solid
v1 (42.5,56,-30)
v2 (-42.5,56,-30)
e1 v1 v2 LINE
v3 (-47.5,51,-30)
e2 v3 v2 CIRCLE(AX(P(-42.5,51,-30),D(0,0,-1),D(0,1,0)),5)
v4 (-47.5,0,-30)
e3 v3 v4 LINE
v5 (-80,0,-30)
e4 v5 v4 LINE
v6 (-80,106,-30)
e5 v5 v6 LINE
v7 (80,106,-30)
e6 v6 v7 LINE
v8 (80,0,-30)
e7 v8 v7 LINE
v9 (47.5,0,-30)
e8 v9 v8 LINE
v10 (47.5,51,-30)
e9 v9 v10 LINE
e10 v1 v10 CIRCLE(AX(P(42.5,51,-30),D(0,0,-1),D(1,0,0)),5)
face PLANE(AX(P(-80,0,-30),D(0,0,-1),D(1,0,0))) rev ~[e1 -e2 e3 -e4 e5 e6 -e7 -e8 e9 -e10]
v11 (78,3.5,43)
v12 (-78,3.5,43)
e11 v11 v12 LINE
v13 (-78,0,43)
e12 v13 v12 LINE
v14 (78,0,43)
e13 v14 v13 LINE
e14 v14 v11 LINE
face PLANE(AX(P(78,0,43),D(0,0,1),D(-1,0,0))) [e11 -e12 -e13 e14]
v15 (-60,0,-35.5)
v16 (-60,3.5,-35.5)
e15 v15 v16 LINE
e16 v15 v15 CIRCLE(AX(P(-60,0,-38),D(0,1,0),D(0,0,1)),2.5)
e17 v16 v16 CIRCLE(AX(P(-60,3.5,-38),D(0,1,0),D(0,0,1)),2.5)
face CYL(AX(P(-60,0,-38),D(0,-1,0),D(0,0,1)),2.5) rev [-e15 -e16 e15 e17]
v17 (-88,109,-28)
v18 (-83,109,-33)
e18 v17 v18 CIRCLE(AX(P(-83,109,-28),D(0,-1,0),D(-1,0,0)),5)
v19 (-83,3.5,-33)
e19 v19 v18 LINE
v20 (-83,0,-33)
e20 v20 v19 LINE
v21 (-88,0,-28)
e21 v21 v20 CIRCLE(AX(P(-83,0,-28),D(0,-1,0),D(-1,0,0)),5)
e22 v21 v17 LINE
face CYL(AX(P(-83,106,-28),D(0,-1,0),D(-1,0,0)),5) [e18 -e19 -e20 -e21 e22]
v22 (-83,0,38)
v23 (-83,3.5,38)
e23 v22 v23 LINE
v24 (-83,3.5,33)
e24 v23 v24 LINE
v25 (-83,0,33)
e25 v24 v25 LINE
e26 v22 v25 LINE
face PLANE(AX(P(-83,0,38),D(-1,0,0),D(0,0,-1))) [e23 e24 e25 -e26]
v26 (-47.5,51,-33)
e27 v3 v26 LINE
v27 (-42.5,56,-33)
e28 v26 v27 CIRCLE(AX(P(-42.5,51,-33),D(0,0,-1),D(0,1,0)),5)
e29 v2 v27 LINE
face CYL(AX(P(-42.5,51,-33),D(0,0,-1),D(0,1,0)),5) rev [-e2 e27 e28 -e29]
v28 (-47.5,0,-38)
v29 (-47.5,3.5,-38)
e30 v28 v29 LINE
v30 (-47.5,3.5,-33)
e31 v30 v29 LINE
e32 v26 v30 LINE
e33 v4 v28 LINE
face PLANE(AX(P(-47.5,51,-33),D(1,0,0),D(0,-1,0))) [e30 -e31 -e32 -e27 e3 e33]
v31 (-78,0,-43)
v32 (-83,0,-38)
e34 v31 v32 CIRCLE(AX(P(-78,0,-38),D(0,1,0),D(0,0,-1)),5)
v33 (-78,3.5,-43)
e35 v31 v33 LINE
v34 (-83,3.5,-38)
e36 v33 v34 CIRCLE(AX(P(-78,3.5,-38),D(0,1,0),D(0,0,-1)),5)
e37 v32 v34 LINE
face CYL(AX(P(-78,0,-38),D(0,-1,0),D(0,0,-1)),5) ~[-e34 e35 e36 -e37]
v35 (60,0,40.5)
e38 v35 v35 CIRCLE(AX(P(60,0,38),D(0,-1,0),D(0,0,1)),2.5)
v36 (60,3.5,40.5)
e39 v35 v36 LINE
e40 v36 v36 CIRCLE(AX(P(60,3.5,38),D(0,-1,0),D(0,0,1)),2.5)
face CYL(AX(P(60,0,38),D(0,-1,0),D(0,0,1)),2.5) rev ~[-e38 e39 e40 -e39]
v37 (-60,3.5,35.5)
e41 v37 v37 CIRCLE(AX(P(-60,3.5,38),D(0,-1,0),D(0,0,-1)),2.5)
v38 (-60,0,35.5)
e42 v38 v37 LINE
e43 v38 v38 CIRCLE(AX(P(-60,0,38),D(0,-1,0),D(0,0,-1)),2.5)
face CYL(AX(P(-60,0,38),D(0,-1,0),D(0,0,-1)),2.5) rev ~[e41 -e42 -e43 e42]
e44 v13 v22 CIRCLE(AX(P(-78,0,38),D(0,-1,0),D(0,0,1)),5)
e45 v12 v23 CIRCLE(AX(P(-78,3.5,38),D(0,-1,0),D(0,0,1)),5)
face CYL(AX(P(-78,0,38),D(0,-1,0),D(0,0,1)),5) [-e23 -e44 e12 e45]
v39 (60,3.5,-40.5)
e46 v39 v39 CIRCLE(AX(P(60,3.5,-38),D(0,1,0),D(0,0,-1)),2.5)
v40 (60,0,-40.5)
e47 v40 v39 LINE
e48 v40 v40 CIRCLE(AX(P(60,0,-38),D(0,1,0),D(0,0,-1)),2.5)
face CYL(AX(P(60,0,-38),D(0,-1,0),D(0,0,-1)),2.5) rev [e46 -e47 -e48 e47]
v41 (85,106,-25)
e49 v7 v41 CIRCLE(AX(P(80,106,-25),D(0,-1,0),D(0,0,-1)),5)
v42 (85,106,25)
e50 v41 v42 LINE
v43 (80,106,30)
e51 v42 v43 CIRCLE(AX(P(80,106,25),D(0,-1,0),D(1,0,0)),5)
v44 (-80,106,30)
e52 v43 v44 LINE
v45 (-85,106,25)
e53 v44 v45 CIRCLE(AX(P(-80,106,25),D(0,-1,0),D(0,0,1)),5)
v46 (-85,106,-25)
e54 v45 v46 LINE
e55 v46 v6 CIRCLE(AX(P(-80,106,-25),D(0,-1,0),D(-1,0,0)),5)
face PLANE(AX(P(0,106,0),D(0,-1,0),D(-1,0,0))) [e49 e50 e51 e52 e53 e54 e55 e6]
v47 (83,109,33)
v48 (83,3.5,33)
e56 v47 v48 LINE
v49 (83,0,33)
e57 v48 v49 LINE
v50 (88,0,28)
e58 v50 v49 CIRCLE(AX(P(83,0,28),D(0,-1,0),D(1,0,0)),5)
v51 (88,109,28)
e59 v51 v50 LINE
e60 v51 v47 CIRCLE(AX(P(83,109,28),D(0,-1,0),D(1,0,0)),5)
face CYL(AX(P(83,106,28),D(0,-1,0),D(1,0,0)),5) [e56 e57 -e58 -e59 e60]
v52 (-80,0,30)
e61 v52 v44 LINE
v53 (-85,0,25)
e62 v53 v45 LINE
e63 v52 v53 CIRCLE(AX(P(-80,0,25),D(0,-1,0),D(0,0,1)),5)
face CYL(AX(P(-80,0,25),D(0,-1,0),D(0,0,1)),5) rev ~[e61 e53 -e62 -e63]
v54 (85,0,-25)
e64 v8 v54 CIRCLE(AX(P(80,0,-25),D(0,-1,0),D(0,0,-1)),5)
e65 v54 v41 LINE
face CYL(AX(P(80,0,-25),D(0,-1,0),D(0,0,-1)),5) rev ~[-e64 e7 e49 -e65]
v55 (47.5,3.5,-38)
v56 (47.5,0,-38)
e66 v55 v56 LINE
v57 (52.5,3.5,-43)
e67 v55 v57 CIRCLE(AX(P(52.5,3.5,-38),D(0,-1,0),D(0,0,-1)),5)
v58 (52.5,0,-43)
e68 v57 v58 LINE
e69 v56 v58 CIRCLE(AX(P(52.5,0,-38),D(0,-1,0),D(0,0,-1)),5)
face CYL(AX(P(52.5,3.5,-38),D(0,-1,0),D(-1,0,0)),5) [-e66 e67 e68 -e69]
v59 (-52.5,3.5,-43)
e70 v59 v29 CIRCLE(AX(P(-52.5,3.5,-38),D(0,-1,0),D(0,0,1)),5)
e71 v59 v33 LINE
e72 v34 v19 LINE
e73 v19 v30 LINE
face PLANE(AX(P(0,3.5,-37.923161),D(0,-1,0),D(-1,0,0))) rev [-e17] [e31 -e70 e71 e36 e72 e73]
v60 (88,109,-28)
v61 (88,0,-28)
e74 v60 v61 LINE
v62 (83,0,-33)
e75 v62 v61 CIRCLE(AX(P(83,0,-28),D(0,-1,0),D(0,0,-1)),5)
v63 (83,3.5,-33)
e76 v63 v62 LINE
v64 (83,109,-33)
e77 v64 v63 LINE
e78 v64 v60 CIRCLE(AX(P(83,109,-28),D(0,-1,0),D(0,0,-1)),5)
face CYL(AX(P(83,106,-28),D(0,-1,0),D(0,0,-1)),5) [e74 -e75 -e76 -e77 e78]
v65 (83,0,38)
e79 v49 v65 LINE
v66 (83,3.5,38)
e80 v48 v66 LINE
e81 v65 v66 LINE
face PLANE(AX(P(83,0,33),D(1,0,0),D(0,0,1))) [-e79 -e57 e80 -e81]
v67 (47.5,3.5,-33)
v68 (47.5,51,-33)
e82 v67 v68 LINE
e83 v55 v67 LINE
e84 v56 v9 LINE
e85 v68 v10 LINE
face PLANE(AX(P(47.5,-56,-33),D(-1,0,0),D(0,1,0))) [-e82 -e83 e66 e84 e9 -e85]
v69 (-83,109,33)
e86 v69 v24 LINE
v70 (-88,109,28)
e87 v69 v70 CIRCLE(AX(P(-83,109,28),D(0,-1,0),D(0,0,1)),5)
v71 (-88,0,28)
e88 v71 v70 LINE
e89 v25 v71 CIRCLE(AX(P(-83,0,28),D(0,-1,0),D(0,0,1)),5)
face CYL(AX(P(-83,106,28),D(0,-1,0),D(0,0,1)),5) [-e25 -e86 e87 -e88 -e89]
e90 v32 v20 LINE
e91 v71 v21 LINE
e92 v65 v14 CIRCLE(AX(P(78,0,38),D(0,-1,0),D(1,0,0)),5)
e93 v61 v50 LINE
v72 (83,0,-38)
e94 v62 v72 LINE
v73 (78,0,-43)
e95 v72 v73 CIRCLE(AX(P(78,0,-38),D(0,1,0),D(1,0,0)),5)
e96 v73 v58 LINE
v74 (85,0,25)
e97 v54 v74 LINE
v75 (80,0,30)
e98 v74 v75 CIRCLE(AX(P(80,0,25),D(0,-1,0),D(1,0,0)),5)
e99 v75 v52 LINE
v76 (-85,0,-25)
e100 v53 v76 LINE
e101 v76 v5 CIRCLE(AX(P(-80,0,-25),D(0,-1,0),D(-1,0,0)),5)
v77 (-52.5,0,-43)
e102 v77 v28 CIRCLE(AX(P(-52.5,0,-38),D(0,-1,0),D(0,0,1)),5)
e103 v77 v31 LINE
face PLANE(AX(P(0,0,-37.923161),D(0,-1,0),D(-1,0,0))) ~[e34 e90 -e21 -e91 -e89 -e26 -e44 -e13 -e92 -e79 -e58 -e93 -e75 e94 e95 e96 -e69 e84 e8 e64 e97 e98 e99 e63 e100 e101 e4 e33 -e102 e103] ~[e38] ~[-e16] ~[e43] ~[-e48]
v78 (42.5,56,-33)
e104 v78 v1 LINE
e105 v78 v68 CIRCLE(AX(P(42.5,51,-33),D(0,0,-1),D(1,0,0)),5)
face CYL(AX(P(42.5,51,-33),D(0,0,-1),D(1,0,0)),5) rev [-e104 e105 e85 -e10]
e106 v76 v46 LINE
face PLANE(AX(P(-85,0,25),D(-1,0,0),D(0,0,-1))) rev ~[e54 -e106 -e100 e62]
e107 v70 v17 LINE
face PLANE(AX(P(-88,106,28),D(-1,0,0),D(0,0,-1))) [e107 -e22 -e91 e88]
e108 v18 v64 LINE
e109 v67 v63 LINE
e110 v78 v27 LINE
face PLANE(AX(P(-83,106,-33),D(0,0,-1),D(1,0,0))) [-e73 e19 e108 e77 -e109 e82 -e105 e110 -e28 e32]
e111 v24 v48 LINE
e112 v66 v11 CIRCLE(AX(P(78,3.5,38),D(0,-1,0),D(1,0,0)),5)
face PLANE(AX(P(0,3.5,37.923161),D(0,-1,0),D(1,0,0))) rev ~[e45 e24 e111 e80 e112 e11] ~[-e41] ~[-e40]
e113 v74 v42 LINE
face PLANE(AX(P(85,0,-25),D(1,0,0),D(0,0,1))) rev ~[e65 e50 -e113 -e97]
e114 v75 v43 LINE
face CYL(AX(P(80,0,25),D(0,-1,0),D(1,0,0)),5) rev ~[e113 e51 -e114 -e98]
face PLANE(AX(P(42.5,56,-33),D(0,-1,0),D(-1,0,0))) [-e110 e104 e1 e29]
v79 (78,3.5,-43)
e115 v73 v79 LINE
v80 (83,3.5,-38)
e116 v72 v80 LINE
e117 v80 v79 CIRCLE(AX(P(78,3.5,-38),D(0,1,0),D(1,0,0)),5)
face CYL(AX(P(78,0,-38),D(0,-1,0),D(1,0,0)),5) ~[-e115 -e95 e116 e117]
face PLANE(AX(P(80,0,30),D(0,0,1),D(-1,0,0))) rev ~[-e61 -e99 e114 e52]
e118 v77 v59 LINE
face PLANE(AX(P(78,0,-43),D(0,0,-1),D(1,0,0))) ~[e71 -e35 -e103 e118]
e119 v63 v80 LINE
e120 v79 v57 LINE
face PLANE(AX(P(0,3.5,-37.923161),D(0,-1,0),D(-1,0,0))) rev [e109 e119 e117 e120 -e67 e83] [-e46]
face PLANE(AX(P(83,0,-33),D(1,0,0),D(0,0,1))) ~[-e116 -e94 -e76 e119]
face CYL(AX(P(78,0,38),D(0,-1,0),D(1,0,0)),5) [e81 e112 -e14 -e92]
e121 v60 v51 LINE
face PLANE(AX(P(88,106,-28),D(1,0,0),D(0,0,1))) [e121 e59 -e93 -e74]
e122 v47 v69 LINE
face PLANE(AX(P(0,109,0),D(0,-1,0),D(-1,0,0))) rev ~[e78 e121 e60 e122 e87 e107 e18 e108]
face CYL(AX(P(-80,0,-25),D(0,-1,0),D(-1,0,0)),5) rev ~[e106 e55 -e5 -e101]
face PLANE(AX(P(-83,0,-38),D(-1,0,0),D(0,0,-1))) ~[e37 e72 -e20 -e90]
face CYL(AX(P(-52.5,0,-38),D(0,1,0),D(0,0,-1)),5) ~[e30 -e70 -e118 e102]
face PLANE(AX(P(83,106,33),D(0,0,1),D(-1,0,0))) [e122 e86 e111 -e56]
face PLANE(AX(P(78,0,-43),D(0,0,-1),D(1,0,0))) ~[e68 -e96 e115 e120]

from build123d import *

# Parameters (mm, degrees)
BOSS_EXTRUDE1_DEPTH = 106
BOSS_EXTRUDE2_DEPTH = 3
SKETCH3_R           = 2.5
BOSS_EXTRUDE3_DEPTH = 3.5
CUT_EXTRUDE1_DEPTH  = 16.5
FILLET1_R           = 5


with BuildPart() as part:
    # Sketch1 → Boss-Extrude1 (new body)
    with BuildSketch(Plane(origin=(0, 0, 0), x_dir=(1, 0, 0), z_dir=(0, 1, 0))):
        with BuildLine():
            Line((83, -33), (-83, -33))
            ThreePointArc((-83, -33), (-86.535533906, -31.535533906), (-88, -28))
            Line((-88, -28), (-88, 28))
            ThreePointArc((-88, 28), (-86.535533906, 31.535533906), (-83, 33))
            Line((-83, 33), (83, 33))
            ThreePointArc((83, 33), (86.535533906, 31.535533906), (88, 28))
            Line((88, 28), (88, -28))
            ThreePointArc((88, -28), (86.535533906, -31.535533906), (83, -33))
        make_face()
        with BuildLine():
            Line((80, -30), (-80, -30))
            ThreePointArc((-80, -30), (-83.535533906, -28.535533906), (-85, -25))
            Line((-85, -25), (-85, 25))
            ThreePointArc((-85, 25), (-83.535533906, 28.535533906), (-80, 30))
            Line((-80, 30), (80, 30))
            ThreePointArc((80, 30), (83.535533906, 28.535533906), (85, 25))
            Line((85, 25), (85, -25))
            ThreePointArc((85, -25), (83.535533906, -28.535533906), (80, -30))
        make_face(mode=Mode.SUBTRACT)
    extrude(amount=BOSS_EXTRUDE1_DEPTH)

    # Sketch2 → Boss-Extrude2 (add)
    with BuildSketch(Plane(origin=(0, 106, 0), x_dir=(1, 0, 0), z_dir=(0, 1, 0))):
        with BuildLine():
            Line((-83, 33), (83, 33))
            ThreePointArc((83, 33), (86.535533906, 31.535533906), (88, 28))
            Line((88, 28), (88, -28))
            ThreePointArc((88, -28), (86.535533906, -31.535533906), (83, -33))
            Line((83, -33), (-83, -33))
            ThreePointArc((-83, -33), (-86.535533906, -31.535533906), (-88, -28))
            Line((-88, -28), (-88, 28))
            ThreePointArc((-88, 28), (-86.535533906, 31.535533906), (-83, 33))
        make_face()
    extrude(amount=BOSS_EXTRUDE2_DEPTH)

    # Sketch3 → Boss-Extrude3 (add)
    with BuildSketch(Plane.XZ):
        with BuildLine():
            Line((-83, 33), (83, 33))
            Line((83, 33), (83, 38))
            ThreePointArc((83, 38), (81.535533906, 41.535533906), (78, 43))
            Line((78, 43), (-78, 43))
            ThreePointArc((-78, 43), (-81.535533906, 41.535533906), (-83, 38))
            Line((-83, 38), (-83, 33))
        make_face()
        with Locations(Location((-60, 38, 0), (0, 0, 270))):
            Circle(SKETCH3_R, mode=Mode.SUBTRACT)
        with Locations(Location((60, 38, 0), (0, 0, 90))):
            Circle(SKETCH3_R, mode=Mode.SUBTRACT)
    boss_extrude3 = extrude(amount=-BOSS_EXTRUDE3_DEPTH)

    # Mirror1: Boss-Extrude3 across plane
    add(boss_extrude3.mirror(Plane.XY))

    # Sketch4 → Cut-Extrude1 (cut, symmetric)
    with BuildSketch(Plane(origin=(0, 0, -33), x_dir=(-1, 0, 0), z_dir=(0, 0, -1))):
        with BuildLine():
            Line((47.5, -56), (-47.5, -56))
            Line((-47.5, -56), (-47.5, 51))
            ThreePointArc((-47.5, 51), (-46.035533906, 54.535533906), (-42.5, 56))
            Line((-42.5, 56), (42.5, 56))
            ThreePointArc((42.5, 56), (46.035533906, 54.535533906), (47.5, 51))
            Line((47.5, 51), (47.5, -56))
        make_face()
    extrude(amount=CUT_EXTRUDE1_DEPTH, both=True, mode=Mode.SUBTRACT)

    # Fillet1
    fillet1_edges = [part.edges().sort_by_distance(p)[0] for p in [
        (47.5, 1.75, -43),
        (-47.5, 1.75, -43),
    ]]
    fillet(fillet1_edges, radius=FILLET1_R)


solid = part.part
